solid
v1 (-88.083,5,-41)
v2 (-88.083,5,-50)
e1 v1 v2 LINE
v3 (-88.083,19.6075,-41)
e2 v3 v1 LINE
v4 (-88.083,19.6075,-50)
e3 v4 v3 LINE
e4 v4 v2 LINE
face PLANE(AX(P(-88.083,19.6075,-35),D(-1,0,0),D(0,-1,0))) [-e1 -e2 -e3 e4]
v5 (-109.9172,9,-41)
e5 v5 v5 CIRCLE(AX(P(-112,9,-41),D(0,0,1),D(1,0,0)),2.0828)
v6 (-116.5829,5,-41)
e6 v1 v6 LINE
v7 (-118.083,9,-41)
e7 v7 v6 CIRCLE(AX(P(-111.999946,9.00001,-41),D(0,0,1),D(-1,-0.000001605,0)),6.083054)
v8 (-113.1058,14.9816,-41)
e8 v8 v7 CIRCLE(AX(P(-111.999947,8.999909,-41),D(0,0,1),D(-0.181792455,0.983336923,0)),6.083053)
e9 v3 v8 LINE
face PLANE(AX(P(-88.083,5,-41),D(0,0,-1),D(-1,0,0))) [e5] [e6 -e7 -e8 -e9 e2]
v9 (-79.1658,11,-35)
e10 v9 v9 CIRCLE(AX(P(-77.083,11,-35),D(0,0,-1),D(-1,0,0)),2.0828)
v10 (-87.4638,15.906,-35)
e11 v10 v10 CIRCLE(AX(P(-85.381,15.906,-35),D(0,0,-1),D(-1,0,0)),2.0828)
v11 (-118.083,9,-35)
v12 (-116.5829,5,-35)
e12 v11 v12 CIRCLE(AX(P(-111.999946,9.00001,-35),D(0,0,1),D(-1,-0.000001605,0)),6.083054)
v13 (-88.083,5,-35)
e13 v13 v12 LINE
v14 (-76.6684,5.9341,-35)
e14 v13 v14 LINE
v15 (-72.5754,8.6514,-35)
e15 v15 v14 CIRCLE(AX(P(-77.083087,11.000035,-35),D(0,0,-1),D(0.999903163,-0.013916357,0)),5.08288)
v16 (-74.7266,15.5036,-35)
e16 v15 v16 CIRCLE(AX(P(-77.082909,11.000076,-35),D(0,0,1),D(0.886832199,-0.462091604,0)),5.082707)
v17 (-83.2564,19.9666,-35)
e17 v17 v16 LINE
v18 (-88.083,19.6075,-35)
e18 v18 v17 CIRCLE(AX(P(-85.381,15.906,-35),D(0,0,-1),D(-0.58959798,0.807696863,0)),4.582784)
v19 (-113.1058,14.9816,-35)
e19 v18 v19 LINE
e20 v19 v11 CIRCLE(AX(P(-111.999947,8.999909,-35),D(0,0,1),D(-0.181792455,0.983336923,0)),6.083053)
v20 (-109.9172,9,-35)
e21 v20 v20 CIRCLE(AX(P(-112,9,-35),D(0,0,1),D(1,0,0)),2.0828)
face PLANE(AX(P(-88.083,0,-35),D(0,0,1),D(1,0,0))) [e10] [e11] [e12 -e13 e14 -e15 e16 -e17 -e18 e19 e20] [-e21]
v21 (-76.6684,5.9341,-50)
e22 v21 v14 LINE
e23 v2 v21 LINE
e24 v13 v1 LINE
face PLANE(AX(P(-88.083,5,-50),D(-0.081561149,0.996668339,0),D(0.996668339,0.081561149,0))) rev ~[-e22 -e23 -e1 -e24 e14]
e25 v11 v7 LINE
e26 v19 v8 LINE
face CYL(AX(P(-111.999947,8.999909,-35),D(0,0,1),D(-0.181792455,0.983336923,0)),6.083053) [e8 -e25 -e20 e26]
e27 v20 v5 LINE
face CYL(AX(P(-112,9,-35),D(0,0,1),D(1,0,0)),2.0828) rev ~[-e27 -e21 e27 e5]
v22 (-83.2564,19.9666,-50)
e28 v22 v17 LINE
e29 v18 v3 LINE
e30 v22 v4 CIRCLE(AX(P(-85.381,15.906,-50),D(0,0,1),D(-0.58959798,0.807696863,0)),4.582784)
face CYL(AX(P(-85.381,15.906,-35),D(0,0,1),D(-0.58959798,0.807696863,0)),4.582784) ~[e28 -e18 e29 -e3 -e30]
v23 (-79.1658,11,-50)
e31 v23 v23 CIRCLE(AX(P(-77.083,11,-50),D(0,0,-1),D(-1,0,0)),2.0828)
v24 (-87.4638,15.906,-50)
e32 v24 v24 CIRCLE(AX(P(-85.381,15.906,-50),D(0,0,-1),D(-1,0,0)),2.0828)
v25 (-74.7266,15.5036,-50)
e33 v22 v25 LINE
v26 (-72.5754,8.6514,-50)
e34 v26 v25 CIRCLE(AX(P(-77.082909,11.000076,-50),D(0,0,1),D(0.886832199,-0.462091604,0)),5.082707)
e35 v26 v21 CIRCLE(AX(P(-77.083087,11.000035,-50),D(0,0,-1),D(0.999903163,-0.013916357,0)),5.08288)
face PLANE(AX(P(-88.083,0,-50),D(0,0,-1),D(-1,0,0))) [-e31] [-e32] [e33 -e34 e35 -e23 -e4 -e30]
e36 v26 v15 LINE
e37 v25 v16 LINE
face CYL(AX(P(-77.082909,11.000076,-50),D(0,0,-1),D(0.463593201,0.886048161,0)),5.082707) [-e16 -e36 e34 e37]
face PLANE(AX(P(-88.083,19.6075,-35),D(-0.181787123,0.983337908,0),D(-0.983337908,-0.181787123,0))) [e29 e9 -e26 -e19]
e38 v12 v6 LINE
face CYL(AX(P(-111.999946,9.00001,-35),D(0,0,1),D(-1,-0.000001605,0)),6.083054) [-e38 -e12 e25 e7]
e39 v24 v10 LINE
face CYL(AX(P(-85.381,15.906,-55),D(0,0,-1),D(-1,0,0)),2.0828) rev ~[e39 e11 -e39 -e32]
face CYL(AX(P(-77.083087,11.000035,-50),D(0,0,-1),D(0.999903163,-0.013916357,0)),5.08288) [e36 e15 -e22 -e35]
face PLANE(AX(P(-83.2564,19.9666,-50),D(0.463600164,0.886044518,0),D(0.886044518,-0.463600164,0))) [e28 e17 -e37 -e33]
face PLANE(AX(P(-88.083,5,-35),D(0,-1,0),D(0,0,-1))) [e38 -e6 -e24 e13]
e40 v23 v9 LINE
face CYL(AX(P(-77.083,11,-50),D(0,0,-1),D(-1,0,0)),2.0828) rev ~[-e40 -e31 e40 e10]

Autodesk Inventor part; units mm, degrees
ref_plane "YZ Plane" through (0, 0, 0) normal (1, 0, 0) x (0, 1, 0)
ref_plane "XZ Plane" through (0, 0, 0) normal (0, 1, 0) x (-1, 0, 0)
ref_plane "XY Plane" through (0, 0, 0) normal (0, 0, 1) x (1, 0, 0)
sketch "Sketch1" plane through (0, 0, 0) normal (0, 1, 0) x (-1, 0, 0)
  line L0 (0, 0) -> (0, -35)
  line L1 (0, -35) -> (37, -35)
  line L2 (37, -35) -> (37, -55)
  line L3 (37, -55) -> (48, -55)
  line L4 (48, -55) -> (48, 0)
  line L5 (48, 0) -> (22, 0)
  line L6 (22, 0) -> (22, 0)
  line L7 (22, 0) -> (0, 0)
  dimension "d0" = 35
  dimension "d1" = 37
  dimension "d2" = 20
  dimension "d3" = 11
  dimension "d4" = 55
  dimension "d5" = 26
  dimension "d6" = 0
extrude "Extrusion1" add sketch "Sketch1" along normal blind 50
shell "Shell1" thickness 5 removed faces 3 at (-48, 16.6667, -36.6667) at (-19.6667, 0, -23.3333) at (-19.6667, 50, -23.3333)
sketch "Sketch2" plane through (0, 0, 0) normal (1, 0, 0) x (0, 0, -1)
  line L0 (5, 0) -> (30, 0) projected
  line L1 (5, 0) -> (19, 0)
  line L2 (19, 0) -> (19, 17)
  line L3 (19, 17) -> (5, 17)
  line L4 (5, 17) -> (5, 0)
  point P0 (0, 0)
  dimension "d10" = 17
  dimension "d11" = 0
  dimension "d12" = 11
extrude "Extrusion2" cut sketch "Sketch2" against normal blind 10
sketch "Sketch3" plane through (-48, 0, -55) normal (-1, 0, 0) x (0, 0, 1)
  line L0 (0, 0) -> (0, 50) projected
  line L1 (5, 50) -> (25, 50) projected
  line L2 (0, 0) -> (5, 0)
  line L3 (5, 0) -> (5, 50)
  line L4 (5, 50) -> (0, 50)
  line L5 (0, 50) -> (0, 0)
  point P0 (55, 0)
extrude "Extrusion3" add sketch "Sketch3" along normal blind 15
sketch "Sketch4" plane through (-48, 0, 0) normal (-1, 0, 0) x (0, 0, 1)
  line L0 (-5, 0) -> (0, 0) projected
  line L1 (-5, 0) -> (-5, 50) projected
  line L2 (0, 0) -> (-5, 0)
  line L3 (-5, 0) -> (-5, 50)
  line L4 (-5, 50) -> (0, 50)
  line L5 (0, 50) -> (0, 0)
  point P0 (0, 0)
extrude "Extrusion4" add sketch "Sketch4" along normal blind 15
sketch "Sketch5" plane through (0, 17, -5) normal (0, 0, -1) x (-1, 0, 0)
  circle A0 centre (11.5, -8.5) radius 2.0828
  line L0 (63, -17) -> (0, -17) projected
  line L1 (0, -17) -> (0, 0) projected
  dimension "d19" = 4.1656
  dimension "d20" = 8.5
  dimension "d21" = 11.5
extrude "Extrusion5" cut sketch "Sketch5" against normal blind 15
sketch "Sketch6" plane through (0, 17, -5) normal (0, 0, -1) x (-1, 0, 0)
  circle A0 centre (28.505, 18.46) radius 2.0828
  line L0 (63, -17) -> (0, -17) projected
  line L1 (5, 0) -> (5, 33) projected
  dimension "d24" = 4.1656
  dimension "d25" = 35.46
  dimension "d26" = 23.505
extrude "Extrusion6" cut sketch "Sketch6" against normal blind 15
sketch "Sketch7" plane through (0, 17, -5) normal (0, 0, -1) x (-1, 0, 0)
  circle A0 centre (58.5, 19) radius 2.0828
  line L0 (63, 33) -> (63, -17) projected
  line L1 (5, 33) -> (63, 33) projected
  point P0 (0, -17)
  dimension "d29" = 4.1656
  dimension "d30" = 4.5
  dimension "d31" = 14
extrude "Extrusion7" cut sketch "Sketch7" against normal blind 15
sketch "Sketch13" plane through (0, 0, -35) normal (0, 0, -1) x (-1, 0, 0)
  circle A0 centre (11.5, 8.5) radius 2.0828
  line L0 (0, 0) -> (37, 0) projected
  line L1 (0, 0) -> (0, 50) projected
  dimension "d41" = 4.1656
  dimension "d42" = 8.5
  dimension "d43" = 11.5
extrude "Extrusion9" cut sketch "Sketch13" against normal blind 15
sketch "Sketch14" plane through (-37, 0, -55) normal (0, 0, -1) x (-1, 0, 0)
  circle A0 centre (-8.495, 35.46) radius 2.0828
  line L0 (-37, 0) -> (-37, 50) projected
  line L1 (0, 0) -> (26, 0) projected
  dimension "d46" = 4.1656
  dimension "d47" = 28.505
  dimension "d48" = 35.46
extrude "Extrusion10" cut sketch "Sketch14" against normal blind 15
sketch "Sketch15" plane through (-37, 0, -55) normal (0, 0, -1) x (-1, 0, 0)
  circle A0 centre (21.5, 36) radius 2.0828
  line L0 (0, 0) -> (26, 0) projected
  line L1 (26, 50) -> (26, 0) projected
  point P0 (-37, 0)
  dimension "d51" = 4.1656
  dimension "d52" = 36
  dimension "d53" = 4.5
extrude "Extrusion11" cut sketch "Sketch15" against normal blind 15
sketch "Sketch16" plane through (-42, 0, -30) normal (-1, 0, 0) x (0, 0, 1)
  line L0 (0, 0) -> (-5, 0)
  line L1 (-5, 0) -> (-5, 50)
  line L2 (-5, 50) -> (0, 50)
  line L3 (0, 50) -> (0, 0)
  point P0 (30, 0)
  dimension "d56" = 5
  dimension "d57" = 50
extrude "Extrusion12" add sketch "Sketch16" along normal blind 21
sketch "Sketch17" plane through (-5, 0, -30) normal (0, 0, 1) x (1, 0, 0)
  circle A0 centre (-23.505, 35.46) radius 2.0828
  line L0 (0, 0) -> (0, 50) projected
  line L1 (0, 0) -> (-58, 0) projected
  point P0 (5, 0)
  dimension "d60" = 4.1656
  dimension "d61" = 23.505
  dimension "d62" = 35.46
extrude "Extrusion13" cut sketch "Sketch17" against normal blind 10
sketch "Sketch18" plane through (-42, 0, -35) normal (0, 0, -1) x (-1, 0, 0)
  circle A0 centre (16.5, 36) radius 2.0828
  line L0 (21, 50) -> (21, 0) projected
  line L1 (0, 0) -> (21, 0) projected
  point P0 (-42, 0)
  dimension "d65" = 4.1656
  dimension "d67" = 36
  dimension "d70" = 4.5
extrude "Extrusion14" cut sketch "Sketch18" against normal blind 10
sketch "Sketch20" plane through (-63, 0, 0) normal (-1, 0, 0) x (0, 0, 1)
  line L0 (0, 0) -> (-5, 0) projected
  line L1 (-5, 17) -> (-5, 50) projected
  line L2 (0, 0) -> (-5, 0)
  line L3 (-5, 0) -> (-5, 50)
  line L4 (-5, 50) -> (0, 50)
  line L5 (0, 50) -> (0, 0)
extrude "Extrusion15" add sketch "Sketch20" along normal blind 2.583
sketch "Sketch21" plane through (-63, 0, -30) normal (-1, 0, 0) x (0, 0, 1)
  line L0 (-20, 50) -> (-5, 50) projected
  line L1 (11, 0) -> (0, 0) projected
  line L2 (-5, 50) -> (0, 50)
  line L3 (0, 50) -> (0, 0)
  line L4 (0, 0) -> (-5, 0)
  line L5 (-5, 0) -> (-5, 50)
  point P0 (30, 0)
extrude "Extrusion16" add sketch "Sketch21" along normal blind 2.583
sketch "Sketch22" plane through (-63, 0, -55) normal (-1, 0, 0) x (0, 0, 1)
  line L0 (0, 0) -> (0, 50) projected
  line L1 (5, 0) -> (5, 50) projected
  line L2 (0, 50) -> (5, 50)
  line L3 (5, 50) -> (5, 0)
  line L4 (5, 0) -> (0, 0)
  line L5 (0, 0) -> (0, 50)
  point P0 (55, 0)
extrude "Extrusion17" add sketch "Sketch22" along normal blind 2.583
sketch "Sketch23" plane through (0, 0, 0) normal (0, 0, 1) x (1, 0, 0)
  line L0 (0, 50) -> (-37, 50) projected
  line L1 (-65.583, 50) -> (-65.583, 0) projected
  line L2 (0, 50) -> (-65.583, 50)
  line L3 (-65.583, 50) -> (-65.583, 43.083)
  line L4 (-65.583, 43.083) -> (0, 43.083)
  line L5 (0, 43.083) -> (0, 50)
  point P0 (0, 0)
  dimension "d77" = 6.917
extrude "Extrusion18" cut sketch "Sketch23" against normal blind 100
sketch "Sketch24" plane through (0, 0, -35) normal (0, 0, -1) x (-1, 0, 0)
  line L0 (0, 0) -> (65.583, 0) projected
  line L1 (31.0052, 0) -> (26.0052, 0)
  line L2 (26.0052, 5) -> (31.0052, 5)
  circle A0 centre (28.505, 35.46) radius 2.0828 projected
  line L3 (26.0052, 5) -> (25.0052, 5)
  line L4 (25.0052, 5) -> (26.0052, 0)
  line L5 (31.0052, 5) -> (32.0052, 5)
  line L6 (32.0052, 5) -> (31.0052, 0)
  dimension "d80" = 5
  dimension "d81" = 5
  dimension "d83" = 1
  dimension "d84" = 1
extrude "Extrusion19" cut sketch "Sketch24" against normal blind 100 contours L4 L3 L2 L5 L6 L0
sketch "Sketch25" plane through (-65.583, 0, -55) normal (-1, 0, 0) x (0, 0, 1)
  line L0 (20, 0) -> (0, 0) projected
  line L1 (0, 43.083) -> (20, 43.083) projected
  line L2 (0, 0) -> (5, 0)
  line L3 (5, 0) -> (5, 43.083)
  line L4 (5, 43.083) -> (0, 43.083)
  line L5 (0, 43.083) -> (0, 0)
  point P0 (55, 0)
  dimension "d87" = 5
extrude "Extrusion20" add sketch "Sketch25" along normal blind 22.5
sketch "Sketch28" plane through (-65.583, 0, -30) normal (-1, 0, 0) x (0, 0, 1)
  line L0 (0, 0) -> (-5, 0) projected
  line L1 (-5, 0) -> (-5, 43.083) projected
  line L2 (0, 0) -> (-5, 0)
  line L3 (-5, 0) -> (-5, 43.083)
  line L4 (-5, 43.083) -> (0, 43.083)
  line L5 (0, 43.083) -> (0, 0)
  point P0 (30, 0)
extrude "Extrusion23" add sketch "Sketch28" along normal blind 22.5
sketch "Sketch26" plane through (-37, 0, -55) normal (0, 0, -1) x (-1, 0, 0)
  circle A0 centre (45.232, 36.922) radius 2.0828
  line L0 (51.083, 43.083) -> (51.083, 0) projected
  line L1 (51.083, 43.083) -> (0, 43.083) projected
  point P0 (-37, 0)
  dimension "d90" = 4.1656
  dimension "d91" = 5.851
  dimension "d92" = 6.161
extrude "Extrusion21" cut sketch "Sketch26" against normal blind 25
sketch "Sketch27" plane through (-37, 0, -55) normal (0, 0, -1) x (-1, 0, 0)
  circle A0 centre (48.381, 15.906) radius 2.0828
  line L0 (51.083, 43.083) -> (51.083, 0) projected
  line L1 (0, 0) -> (51.083, 0) projected
  point P0 (-37, 0)
  dimension "d95" = 4.1656
  dimension "d96" = 2.702
  dimension "d97" = 15.906
extrude "Extrusion22" cut sketch "Sketch27" against normal blind 25
sketch "Sketch29" plane through (-42, 0, -35) normal (0, 0, -1) x (-1, 0, 0)
  circle A0 centre (43.381, 15.906) radius 2.0828 projected
  arc A1 (46.083, 19.6075) -> (46.083, 12.2045) centre (43.381, 15.906) ccw
  line L0 (46.083, 43.083) -> (46.083, 0) projected
  line L1 (46.083, 19.6075) -> (46.083, 12.2045)
  point P0 (-42, 0)
  dimension "d102" = 2.5
extrude "Extrusion24" add sketch "Sketch29" along normal up to next
sketch "Sketch30" plane through (-88.083, 0, -55) normal (-1, 0, 0) x (0, 0, 1)
  line L0 (9, 19.6075) -> (20, 19.6075)
  line L1 (20, 19.6075) -> (20, 5)
  line L2 (20, 5) -> (9, 5)
  line L3 (9, 5) -> (9, 19.6075)
  line L4 (0, 43.083) -> (0, 0) projected
  line L5 (25, 0) -> (25, 43.083) projected
  line L6 (0, 0) -> (5, 0) projected
  line L7 (20, 19.6075) -> (5, 19.6075) projected
  point P0 (55, 0)
  dimension "d105" = 9
  dimension "d106" = 5
  dimension "d107" = 5
  dimension "d108" = 0
extrude "Extrusion25" add sketch "Sketch30" along normal blind 30
sketch "Sketch31" plane through (-88.083, 5, -35) normal (0, 0, 1) x (1, 0, 0)
  circle A0 centre (-23.917, 4) radius 2.0828
  line L0 (-30, 0) -> (-30, 14.6075) projected
  line L1 (0, 0) -> (-30, 0) projected
  point P0 (88.083, -5)
  dimension "d111" = 4.1656
  dimension "d112" = 6.083
  dimension "d113" = 4
extrude "Extrusion26" cut sketch "Sketch31" against normal blind 30
sketch "Sketch33" plane through (-88.083, 5, -35) normal (0, 0, 1) x (1, 0, 0)
  circle A0 centre (-23.917, 4) radius 2.0828 projected
  arc A1 (-25.0228, 9.9816) -> (-30, 4) centre (-23.917, 4) ccw
  line L0 (-30, 14.6075) -> (-30, 0) projected
  line L1 (-30, 0) -> (-30, 14.6075) projected
  line L2 (0, 14.6075) -> (-30, 14.6075) projected
  line L3 (-30, 4) -> (-30, 14.6075)
  line L4 (0, 14.6075) -> (-30, 14.6075) projected
  line L5 (-30, 14.6075) -> (0, 14.6075)
  line L6 (0, 14.6075) -> (-25.0228, 9.9816)
  point P0 (88.083, -5)
extrude "Extrusion27" cut sketch "Sketch33" against normal blind 30 contours A1 L0 L2 L6
sketch "Sketch34" plane through (-118.083, 5, -35) normal (0, 0, 1) x (1, 0, 0)
  circle A0 centre (6.083, 4) radius 2.0828 projected
  line L0 (0, 0) -> (0, 4) projected
  arc A1 (0, 4) -> (1.5001, 0) centre (6.083, 4) ccw
  line L1 (30, 0) -> (0, 0) projected
  line L2 (1.5001, 0) -> (0, 0)
  arc A2 (4.9772, 9.9816) -> (0, 4) centre (6.083, 4) ccw projected
  line L3 (0, 0) -> (0, 4)
  point P0 (118.083, -5)
extrude "Extrusion28" cut sketch "Sketch34" against normal blind 30 contours L0 A1 L1
sketch "Sketch35" plane through (-88.083, 5, -46) normal (0, -1, 0) x (1, 0, 0)
  line L0 (0, 0) -> (-28.4999, 0) projected
  line L1 (46.083, 11) -> (0, 11) projected
  line L2 (0, 11) -> (11, 11)
  line L3 (11, 11) -> (11, -4)
  line L4 (11, -4) -> (0, -4)
  line L5 (0, -4) -> (0, 11)
  point P0 (88.083, 46)
  dimension "d130" = 11
  dimension "d131" = 15
  dimension "d132" = 0
  dimension "d133" = 0
extrude "Extrusion29" add sketch "Sketch35" against normal blind 8 and the other way blind 5
sketch "Sketch39" plane through (0, 0, 0) normal (1, 0, 0) x (0, 0, -1)
  line L0 (0, 0) -> (5, 0) projected
  line L1 (35, 43.083) -> (0, 43.083) projected
  line L2 (0, 0) -> (35, 0)
  line L3 (35, 0) -> (35, 43.083)
  line L4 (35, 43.083) -> (0, 43.083)
  line L5 (0, 43.083) -> (0, 0)
extrude "Extrusion30" cut sketch "Sketch39" against normal blind 190
sketch "Sketch40" plane through (-37, 0, -55) normal (0, 0, -1) x (-1, 0, 0)
  line L0 (29.4244, -3.1435) -> (-8.7081, -3.1435)
  line L1 (-8.7081, -3.1435) -> (-8.7081, 47.1531)
  line L2 (-8.7081, 47.1531) -> (29.4244, 47.1531)
  line L3 (29.4244, 47.1531) -> (29.4244, -3.1435)
  point P0 (-37, 0)
extrude "Extrusion31" cut sketch "Sketch40" against normal blind 50
sketch "Sketch41" plane through (-66.4244, 0, -55) normal (1, 0, 0) x (0, 0, -1)
  line L0 (0, 0) -> (-5, 0) projected
  line L1 (-5, 0) -> (13.4745, 0)
  line L2 (13.4745, 0) -> (13.4745, 44.4196)
  line L3 (13.4745, 44.4196) -> (-5, 44.4196)
  line L4 (-5, 44.4196) -> (-5, 0)
  point P0 (-55, 0)
extrude "Extrusion32" cut sketch "Sketch41" against normal blind 50
sketch "Sketch42" plane through (-88.083, 0, -35) normal (0, 0, 1) x (1, 0, 0)
  line L0 (11, 13) -> (6.2456, 13) projected
  line L1 (11, 13) -> (6.2456, 18.812)
  arc A0 (6.2456, 13) -> (0, 19.6075) centre (2.702, 15.906) ccw projected
  line L2 (6.2456, 13) -> (6.2456, 18.812)
  line L3 (6.2456, 13) -> (11, 13)
  point P0 (88.083, 0)
extrude "Extrusion33" add sketch "Sketch42" against normal blind 15
sketch "Sketch43" plane through (0, 0, 0) normal (0, -1, 0) x (1, 0, 0)
  line L0 (-88.083, -50) -> (-77.083, -50) projected
  line L1 (-80.083, -50) -> (-79.083, -45)
  line L2 (-79.083, -45) -> (-86.083, -45)
  line L3 (-86.083, -45) -> (-85.083, -50)
  line L4 (-80.083, -50) -> (-85.083, -50)
  line L5 (-77.083, -50) -> (-77.083, -35) projected
  line L6 (-88.083, -50) -> (-88.083, -35) projected
  point P0 (0, 0)
  dimension "d144" = 3
  dimension "d145" = 3
  dimension "d146" = 5
  dimension "d147" = 1
  dimension "d148" = 1
extrude "Extrusion34" cut sketch "Sketch43" against normal blind 5
sketch "Sketch44" plane through (0, 0, 0) normal (0, -1, 0) x (1, 0, 0)
  line L0 (-77.083, -35) -> (-88.083, -35) projected
  line L1 (-80.083, -35) -> (-79.083, -40)
  line L2 (-79.083, -40) -> (-86.083, -40)
  line L3 (-86.083, -40) -> (-85.083, -35)
  line L4 (-85.083, -35) -> (-80.083, -35)
  line L5 (-77.083, -50) -> (-77.083, -35) projected
  line L6 (-88.083, -50) -> (-88.083, -35) projected
  point P0 (0, 0)
  dimension "d151" = 3
  dimension "d152" = 1
  dimension "d153" = 3
  dimension "d154" = 1
  dimension "d155" = 5
extrude "Extrusion35" cut sketch "Sketch44" against normal blind 5
sketch "Sketch45" plane through (-88.083, 0, -50) normal (0, 0, -1) x (-1, 0, 0)
  line L0 (0, 0) -> (0, 5) construction
  line L1 (0, 0) -> (-16.9719, 16.9719) construction
  line L2 (0, 0) -> (24.0019, 0) construction
  line L3 (-11, 0) -> (-11, 13) projected
  circle A0 centre (-11, 11) radius 2.0828
  point P0 (-88.083, 0)
  dimension "d158" = 135
  dimension "d159" = 4.1656
extrude "Extrusion36" cut sketch "Sketch45" against normal blind 15
sketch "Sketch47" plane through (-88.083, 0, -50) normal (0, 0, -1) x (-1, 0, 0)
  arc A0 (-11, 8.9172) -> (-10.9331, 13.0817) centre (-11, 11) ccw projected
  arc A1 (0, 19.6075) -> (-6.2456, 18.812) centre (-2.702, 15.906) ccw projected
  line L0 (-4.8266, 19.9666) -> (-13.3564, 15.5036)
  line L1 (-11, 8.9172) -> (-11, 0) projected
  line L2 (-11, 0) -> (-15.5076, 8.6514)
  line L3 (-11, 0) -> (-4.8266, 19.9666)
  arc A2 (-13.3564, 15.5036) -> (-15.5076, 8.6514) centre (-11, 11) ccw
  point P0 (-88.083, 0)
extrude "Extrusion37" add sketch "Sketch47" against normal blind 15
sketch "Sketch48" plane through (-88.083, 0, -50) normal (0, 0, -1) x (-1, 0, 0)
  circle A0 centre (-11, 11) radius 2.0828
  arc A1 (-13.3564, 15.5036) -> (-15.5076, 8.6514) centre (-11, 11) ccw projected
  point P0 (-88.083, 0)
  dimension "d165" = 4.1656
  dimension "d166" = 0
  dimension "d167" = 0
extrude "Extrusion38" cut sketch "Sketch48" against normal blind 15
sketch "Sketch49" plane through (-88.083, 0, -50) normal (0, 0, -1) x (-1, 0, 0)
  line L0 (0, 0) -> (-3, 0) projected
  line L1 (-9.9812, 5.352) -> (0, 5.352)
  line L2 (0, 5.352) -> (0, 0)
  line L3 (0, 0) -> (-9.9812, 0)
  line L4 (-9.9812, 0) -> (-9.9812, 5.352)
  point P0 (-88.083, 0)
extrude "Extrusion39" add sketch "Sketch49" against normal blind 15
sketch "Sketch50" plane through (-88.083, 0, -50) normal (0, 0, -1) x (-1, 0, 0)
  circle A0 centre (-11, 11) radius 2.0828 projected
  arc A1 (-16.0823, 10.9293) -> (-11.4146, 5.9341) centre (-11, 11) ccw
  line L0 (0, 5) -> (28.4999, 5) projected
  line L1 (0, 5) -> (-11.4146, 5.9341)
  line L2 (0, 0) -> (0, 5) projected
  line L3 (1.8361, -0.758) -> (0, 5)
  line L4 (1.8361, -0.758) -> (-16.6046, -3.0838)
  line L5 (-16.6046, -3.0838) -> (-16.0823, 10.9293)
  arc A2 (-13.3564, 15.5036) -> (-15.5076, 8.6514) centre (-11, 11) ccw projected
  point P0 (-88.083, 0)
extrude "Extrusion40" cut sketch "Sketch50" against normal blind 15 contours A1 L1 L3 L4 L5
sketch "Sketch51" plane through (-88.083, 5, -46) normal (0, 0, -1) x (-1, 0, 0)
  line L0 (0, 0) -> (28.4999, 0) projected
  line L1 (0, 0) -> (35.6863, 0)
  line L2 (35.6863, 0) -> (35.6863, 18.6429)
  line L3 (35.6863, 18.6429) -> (0, 18.6429)
  line L4 (0, 18.6429) -> (0, 0)
  point P0 (-88.083, -5)
extrude "Extrusion41" cut sketch "Sketch51" against normal blind 5
properties part number "Frame VG01-08"
